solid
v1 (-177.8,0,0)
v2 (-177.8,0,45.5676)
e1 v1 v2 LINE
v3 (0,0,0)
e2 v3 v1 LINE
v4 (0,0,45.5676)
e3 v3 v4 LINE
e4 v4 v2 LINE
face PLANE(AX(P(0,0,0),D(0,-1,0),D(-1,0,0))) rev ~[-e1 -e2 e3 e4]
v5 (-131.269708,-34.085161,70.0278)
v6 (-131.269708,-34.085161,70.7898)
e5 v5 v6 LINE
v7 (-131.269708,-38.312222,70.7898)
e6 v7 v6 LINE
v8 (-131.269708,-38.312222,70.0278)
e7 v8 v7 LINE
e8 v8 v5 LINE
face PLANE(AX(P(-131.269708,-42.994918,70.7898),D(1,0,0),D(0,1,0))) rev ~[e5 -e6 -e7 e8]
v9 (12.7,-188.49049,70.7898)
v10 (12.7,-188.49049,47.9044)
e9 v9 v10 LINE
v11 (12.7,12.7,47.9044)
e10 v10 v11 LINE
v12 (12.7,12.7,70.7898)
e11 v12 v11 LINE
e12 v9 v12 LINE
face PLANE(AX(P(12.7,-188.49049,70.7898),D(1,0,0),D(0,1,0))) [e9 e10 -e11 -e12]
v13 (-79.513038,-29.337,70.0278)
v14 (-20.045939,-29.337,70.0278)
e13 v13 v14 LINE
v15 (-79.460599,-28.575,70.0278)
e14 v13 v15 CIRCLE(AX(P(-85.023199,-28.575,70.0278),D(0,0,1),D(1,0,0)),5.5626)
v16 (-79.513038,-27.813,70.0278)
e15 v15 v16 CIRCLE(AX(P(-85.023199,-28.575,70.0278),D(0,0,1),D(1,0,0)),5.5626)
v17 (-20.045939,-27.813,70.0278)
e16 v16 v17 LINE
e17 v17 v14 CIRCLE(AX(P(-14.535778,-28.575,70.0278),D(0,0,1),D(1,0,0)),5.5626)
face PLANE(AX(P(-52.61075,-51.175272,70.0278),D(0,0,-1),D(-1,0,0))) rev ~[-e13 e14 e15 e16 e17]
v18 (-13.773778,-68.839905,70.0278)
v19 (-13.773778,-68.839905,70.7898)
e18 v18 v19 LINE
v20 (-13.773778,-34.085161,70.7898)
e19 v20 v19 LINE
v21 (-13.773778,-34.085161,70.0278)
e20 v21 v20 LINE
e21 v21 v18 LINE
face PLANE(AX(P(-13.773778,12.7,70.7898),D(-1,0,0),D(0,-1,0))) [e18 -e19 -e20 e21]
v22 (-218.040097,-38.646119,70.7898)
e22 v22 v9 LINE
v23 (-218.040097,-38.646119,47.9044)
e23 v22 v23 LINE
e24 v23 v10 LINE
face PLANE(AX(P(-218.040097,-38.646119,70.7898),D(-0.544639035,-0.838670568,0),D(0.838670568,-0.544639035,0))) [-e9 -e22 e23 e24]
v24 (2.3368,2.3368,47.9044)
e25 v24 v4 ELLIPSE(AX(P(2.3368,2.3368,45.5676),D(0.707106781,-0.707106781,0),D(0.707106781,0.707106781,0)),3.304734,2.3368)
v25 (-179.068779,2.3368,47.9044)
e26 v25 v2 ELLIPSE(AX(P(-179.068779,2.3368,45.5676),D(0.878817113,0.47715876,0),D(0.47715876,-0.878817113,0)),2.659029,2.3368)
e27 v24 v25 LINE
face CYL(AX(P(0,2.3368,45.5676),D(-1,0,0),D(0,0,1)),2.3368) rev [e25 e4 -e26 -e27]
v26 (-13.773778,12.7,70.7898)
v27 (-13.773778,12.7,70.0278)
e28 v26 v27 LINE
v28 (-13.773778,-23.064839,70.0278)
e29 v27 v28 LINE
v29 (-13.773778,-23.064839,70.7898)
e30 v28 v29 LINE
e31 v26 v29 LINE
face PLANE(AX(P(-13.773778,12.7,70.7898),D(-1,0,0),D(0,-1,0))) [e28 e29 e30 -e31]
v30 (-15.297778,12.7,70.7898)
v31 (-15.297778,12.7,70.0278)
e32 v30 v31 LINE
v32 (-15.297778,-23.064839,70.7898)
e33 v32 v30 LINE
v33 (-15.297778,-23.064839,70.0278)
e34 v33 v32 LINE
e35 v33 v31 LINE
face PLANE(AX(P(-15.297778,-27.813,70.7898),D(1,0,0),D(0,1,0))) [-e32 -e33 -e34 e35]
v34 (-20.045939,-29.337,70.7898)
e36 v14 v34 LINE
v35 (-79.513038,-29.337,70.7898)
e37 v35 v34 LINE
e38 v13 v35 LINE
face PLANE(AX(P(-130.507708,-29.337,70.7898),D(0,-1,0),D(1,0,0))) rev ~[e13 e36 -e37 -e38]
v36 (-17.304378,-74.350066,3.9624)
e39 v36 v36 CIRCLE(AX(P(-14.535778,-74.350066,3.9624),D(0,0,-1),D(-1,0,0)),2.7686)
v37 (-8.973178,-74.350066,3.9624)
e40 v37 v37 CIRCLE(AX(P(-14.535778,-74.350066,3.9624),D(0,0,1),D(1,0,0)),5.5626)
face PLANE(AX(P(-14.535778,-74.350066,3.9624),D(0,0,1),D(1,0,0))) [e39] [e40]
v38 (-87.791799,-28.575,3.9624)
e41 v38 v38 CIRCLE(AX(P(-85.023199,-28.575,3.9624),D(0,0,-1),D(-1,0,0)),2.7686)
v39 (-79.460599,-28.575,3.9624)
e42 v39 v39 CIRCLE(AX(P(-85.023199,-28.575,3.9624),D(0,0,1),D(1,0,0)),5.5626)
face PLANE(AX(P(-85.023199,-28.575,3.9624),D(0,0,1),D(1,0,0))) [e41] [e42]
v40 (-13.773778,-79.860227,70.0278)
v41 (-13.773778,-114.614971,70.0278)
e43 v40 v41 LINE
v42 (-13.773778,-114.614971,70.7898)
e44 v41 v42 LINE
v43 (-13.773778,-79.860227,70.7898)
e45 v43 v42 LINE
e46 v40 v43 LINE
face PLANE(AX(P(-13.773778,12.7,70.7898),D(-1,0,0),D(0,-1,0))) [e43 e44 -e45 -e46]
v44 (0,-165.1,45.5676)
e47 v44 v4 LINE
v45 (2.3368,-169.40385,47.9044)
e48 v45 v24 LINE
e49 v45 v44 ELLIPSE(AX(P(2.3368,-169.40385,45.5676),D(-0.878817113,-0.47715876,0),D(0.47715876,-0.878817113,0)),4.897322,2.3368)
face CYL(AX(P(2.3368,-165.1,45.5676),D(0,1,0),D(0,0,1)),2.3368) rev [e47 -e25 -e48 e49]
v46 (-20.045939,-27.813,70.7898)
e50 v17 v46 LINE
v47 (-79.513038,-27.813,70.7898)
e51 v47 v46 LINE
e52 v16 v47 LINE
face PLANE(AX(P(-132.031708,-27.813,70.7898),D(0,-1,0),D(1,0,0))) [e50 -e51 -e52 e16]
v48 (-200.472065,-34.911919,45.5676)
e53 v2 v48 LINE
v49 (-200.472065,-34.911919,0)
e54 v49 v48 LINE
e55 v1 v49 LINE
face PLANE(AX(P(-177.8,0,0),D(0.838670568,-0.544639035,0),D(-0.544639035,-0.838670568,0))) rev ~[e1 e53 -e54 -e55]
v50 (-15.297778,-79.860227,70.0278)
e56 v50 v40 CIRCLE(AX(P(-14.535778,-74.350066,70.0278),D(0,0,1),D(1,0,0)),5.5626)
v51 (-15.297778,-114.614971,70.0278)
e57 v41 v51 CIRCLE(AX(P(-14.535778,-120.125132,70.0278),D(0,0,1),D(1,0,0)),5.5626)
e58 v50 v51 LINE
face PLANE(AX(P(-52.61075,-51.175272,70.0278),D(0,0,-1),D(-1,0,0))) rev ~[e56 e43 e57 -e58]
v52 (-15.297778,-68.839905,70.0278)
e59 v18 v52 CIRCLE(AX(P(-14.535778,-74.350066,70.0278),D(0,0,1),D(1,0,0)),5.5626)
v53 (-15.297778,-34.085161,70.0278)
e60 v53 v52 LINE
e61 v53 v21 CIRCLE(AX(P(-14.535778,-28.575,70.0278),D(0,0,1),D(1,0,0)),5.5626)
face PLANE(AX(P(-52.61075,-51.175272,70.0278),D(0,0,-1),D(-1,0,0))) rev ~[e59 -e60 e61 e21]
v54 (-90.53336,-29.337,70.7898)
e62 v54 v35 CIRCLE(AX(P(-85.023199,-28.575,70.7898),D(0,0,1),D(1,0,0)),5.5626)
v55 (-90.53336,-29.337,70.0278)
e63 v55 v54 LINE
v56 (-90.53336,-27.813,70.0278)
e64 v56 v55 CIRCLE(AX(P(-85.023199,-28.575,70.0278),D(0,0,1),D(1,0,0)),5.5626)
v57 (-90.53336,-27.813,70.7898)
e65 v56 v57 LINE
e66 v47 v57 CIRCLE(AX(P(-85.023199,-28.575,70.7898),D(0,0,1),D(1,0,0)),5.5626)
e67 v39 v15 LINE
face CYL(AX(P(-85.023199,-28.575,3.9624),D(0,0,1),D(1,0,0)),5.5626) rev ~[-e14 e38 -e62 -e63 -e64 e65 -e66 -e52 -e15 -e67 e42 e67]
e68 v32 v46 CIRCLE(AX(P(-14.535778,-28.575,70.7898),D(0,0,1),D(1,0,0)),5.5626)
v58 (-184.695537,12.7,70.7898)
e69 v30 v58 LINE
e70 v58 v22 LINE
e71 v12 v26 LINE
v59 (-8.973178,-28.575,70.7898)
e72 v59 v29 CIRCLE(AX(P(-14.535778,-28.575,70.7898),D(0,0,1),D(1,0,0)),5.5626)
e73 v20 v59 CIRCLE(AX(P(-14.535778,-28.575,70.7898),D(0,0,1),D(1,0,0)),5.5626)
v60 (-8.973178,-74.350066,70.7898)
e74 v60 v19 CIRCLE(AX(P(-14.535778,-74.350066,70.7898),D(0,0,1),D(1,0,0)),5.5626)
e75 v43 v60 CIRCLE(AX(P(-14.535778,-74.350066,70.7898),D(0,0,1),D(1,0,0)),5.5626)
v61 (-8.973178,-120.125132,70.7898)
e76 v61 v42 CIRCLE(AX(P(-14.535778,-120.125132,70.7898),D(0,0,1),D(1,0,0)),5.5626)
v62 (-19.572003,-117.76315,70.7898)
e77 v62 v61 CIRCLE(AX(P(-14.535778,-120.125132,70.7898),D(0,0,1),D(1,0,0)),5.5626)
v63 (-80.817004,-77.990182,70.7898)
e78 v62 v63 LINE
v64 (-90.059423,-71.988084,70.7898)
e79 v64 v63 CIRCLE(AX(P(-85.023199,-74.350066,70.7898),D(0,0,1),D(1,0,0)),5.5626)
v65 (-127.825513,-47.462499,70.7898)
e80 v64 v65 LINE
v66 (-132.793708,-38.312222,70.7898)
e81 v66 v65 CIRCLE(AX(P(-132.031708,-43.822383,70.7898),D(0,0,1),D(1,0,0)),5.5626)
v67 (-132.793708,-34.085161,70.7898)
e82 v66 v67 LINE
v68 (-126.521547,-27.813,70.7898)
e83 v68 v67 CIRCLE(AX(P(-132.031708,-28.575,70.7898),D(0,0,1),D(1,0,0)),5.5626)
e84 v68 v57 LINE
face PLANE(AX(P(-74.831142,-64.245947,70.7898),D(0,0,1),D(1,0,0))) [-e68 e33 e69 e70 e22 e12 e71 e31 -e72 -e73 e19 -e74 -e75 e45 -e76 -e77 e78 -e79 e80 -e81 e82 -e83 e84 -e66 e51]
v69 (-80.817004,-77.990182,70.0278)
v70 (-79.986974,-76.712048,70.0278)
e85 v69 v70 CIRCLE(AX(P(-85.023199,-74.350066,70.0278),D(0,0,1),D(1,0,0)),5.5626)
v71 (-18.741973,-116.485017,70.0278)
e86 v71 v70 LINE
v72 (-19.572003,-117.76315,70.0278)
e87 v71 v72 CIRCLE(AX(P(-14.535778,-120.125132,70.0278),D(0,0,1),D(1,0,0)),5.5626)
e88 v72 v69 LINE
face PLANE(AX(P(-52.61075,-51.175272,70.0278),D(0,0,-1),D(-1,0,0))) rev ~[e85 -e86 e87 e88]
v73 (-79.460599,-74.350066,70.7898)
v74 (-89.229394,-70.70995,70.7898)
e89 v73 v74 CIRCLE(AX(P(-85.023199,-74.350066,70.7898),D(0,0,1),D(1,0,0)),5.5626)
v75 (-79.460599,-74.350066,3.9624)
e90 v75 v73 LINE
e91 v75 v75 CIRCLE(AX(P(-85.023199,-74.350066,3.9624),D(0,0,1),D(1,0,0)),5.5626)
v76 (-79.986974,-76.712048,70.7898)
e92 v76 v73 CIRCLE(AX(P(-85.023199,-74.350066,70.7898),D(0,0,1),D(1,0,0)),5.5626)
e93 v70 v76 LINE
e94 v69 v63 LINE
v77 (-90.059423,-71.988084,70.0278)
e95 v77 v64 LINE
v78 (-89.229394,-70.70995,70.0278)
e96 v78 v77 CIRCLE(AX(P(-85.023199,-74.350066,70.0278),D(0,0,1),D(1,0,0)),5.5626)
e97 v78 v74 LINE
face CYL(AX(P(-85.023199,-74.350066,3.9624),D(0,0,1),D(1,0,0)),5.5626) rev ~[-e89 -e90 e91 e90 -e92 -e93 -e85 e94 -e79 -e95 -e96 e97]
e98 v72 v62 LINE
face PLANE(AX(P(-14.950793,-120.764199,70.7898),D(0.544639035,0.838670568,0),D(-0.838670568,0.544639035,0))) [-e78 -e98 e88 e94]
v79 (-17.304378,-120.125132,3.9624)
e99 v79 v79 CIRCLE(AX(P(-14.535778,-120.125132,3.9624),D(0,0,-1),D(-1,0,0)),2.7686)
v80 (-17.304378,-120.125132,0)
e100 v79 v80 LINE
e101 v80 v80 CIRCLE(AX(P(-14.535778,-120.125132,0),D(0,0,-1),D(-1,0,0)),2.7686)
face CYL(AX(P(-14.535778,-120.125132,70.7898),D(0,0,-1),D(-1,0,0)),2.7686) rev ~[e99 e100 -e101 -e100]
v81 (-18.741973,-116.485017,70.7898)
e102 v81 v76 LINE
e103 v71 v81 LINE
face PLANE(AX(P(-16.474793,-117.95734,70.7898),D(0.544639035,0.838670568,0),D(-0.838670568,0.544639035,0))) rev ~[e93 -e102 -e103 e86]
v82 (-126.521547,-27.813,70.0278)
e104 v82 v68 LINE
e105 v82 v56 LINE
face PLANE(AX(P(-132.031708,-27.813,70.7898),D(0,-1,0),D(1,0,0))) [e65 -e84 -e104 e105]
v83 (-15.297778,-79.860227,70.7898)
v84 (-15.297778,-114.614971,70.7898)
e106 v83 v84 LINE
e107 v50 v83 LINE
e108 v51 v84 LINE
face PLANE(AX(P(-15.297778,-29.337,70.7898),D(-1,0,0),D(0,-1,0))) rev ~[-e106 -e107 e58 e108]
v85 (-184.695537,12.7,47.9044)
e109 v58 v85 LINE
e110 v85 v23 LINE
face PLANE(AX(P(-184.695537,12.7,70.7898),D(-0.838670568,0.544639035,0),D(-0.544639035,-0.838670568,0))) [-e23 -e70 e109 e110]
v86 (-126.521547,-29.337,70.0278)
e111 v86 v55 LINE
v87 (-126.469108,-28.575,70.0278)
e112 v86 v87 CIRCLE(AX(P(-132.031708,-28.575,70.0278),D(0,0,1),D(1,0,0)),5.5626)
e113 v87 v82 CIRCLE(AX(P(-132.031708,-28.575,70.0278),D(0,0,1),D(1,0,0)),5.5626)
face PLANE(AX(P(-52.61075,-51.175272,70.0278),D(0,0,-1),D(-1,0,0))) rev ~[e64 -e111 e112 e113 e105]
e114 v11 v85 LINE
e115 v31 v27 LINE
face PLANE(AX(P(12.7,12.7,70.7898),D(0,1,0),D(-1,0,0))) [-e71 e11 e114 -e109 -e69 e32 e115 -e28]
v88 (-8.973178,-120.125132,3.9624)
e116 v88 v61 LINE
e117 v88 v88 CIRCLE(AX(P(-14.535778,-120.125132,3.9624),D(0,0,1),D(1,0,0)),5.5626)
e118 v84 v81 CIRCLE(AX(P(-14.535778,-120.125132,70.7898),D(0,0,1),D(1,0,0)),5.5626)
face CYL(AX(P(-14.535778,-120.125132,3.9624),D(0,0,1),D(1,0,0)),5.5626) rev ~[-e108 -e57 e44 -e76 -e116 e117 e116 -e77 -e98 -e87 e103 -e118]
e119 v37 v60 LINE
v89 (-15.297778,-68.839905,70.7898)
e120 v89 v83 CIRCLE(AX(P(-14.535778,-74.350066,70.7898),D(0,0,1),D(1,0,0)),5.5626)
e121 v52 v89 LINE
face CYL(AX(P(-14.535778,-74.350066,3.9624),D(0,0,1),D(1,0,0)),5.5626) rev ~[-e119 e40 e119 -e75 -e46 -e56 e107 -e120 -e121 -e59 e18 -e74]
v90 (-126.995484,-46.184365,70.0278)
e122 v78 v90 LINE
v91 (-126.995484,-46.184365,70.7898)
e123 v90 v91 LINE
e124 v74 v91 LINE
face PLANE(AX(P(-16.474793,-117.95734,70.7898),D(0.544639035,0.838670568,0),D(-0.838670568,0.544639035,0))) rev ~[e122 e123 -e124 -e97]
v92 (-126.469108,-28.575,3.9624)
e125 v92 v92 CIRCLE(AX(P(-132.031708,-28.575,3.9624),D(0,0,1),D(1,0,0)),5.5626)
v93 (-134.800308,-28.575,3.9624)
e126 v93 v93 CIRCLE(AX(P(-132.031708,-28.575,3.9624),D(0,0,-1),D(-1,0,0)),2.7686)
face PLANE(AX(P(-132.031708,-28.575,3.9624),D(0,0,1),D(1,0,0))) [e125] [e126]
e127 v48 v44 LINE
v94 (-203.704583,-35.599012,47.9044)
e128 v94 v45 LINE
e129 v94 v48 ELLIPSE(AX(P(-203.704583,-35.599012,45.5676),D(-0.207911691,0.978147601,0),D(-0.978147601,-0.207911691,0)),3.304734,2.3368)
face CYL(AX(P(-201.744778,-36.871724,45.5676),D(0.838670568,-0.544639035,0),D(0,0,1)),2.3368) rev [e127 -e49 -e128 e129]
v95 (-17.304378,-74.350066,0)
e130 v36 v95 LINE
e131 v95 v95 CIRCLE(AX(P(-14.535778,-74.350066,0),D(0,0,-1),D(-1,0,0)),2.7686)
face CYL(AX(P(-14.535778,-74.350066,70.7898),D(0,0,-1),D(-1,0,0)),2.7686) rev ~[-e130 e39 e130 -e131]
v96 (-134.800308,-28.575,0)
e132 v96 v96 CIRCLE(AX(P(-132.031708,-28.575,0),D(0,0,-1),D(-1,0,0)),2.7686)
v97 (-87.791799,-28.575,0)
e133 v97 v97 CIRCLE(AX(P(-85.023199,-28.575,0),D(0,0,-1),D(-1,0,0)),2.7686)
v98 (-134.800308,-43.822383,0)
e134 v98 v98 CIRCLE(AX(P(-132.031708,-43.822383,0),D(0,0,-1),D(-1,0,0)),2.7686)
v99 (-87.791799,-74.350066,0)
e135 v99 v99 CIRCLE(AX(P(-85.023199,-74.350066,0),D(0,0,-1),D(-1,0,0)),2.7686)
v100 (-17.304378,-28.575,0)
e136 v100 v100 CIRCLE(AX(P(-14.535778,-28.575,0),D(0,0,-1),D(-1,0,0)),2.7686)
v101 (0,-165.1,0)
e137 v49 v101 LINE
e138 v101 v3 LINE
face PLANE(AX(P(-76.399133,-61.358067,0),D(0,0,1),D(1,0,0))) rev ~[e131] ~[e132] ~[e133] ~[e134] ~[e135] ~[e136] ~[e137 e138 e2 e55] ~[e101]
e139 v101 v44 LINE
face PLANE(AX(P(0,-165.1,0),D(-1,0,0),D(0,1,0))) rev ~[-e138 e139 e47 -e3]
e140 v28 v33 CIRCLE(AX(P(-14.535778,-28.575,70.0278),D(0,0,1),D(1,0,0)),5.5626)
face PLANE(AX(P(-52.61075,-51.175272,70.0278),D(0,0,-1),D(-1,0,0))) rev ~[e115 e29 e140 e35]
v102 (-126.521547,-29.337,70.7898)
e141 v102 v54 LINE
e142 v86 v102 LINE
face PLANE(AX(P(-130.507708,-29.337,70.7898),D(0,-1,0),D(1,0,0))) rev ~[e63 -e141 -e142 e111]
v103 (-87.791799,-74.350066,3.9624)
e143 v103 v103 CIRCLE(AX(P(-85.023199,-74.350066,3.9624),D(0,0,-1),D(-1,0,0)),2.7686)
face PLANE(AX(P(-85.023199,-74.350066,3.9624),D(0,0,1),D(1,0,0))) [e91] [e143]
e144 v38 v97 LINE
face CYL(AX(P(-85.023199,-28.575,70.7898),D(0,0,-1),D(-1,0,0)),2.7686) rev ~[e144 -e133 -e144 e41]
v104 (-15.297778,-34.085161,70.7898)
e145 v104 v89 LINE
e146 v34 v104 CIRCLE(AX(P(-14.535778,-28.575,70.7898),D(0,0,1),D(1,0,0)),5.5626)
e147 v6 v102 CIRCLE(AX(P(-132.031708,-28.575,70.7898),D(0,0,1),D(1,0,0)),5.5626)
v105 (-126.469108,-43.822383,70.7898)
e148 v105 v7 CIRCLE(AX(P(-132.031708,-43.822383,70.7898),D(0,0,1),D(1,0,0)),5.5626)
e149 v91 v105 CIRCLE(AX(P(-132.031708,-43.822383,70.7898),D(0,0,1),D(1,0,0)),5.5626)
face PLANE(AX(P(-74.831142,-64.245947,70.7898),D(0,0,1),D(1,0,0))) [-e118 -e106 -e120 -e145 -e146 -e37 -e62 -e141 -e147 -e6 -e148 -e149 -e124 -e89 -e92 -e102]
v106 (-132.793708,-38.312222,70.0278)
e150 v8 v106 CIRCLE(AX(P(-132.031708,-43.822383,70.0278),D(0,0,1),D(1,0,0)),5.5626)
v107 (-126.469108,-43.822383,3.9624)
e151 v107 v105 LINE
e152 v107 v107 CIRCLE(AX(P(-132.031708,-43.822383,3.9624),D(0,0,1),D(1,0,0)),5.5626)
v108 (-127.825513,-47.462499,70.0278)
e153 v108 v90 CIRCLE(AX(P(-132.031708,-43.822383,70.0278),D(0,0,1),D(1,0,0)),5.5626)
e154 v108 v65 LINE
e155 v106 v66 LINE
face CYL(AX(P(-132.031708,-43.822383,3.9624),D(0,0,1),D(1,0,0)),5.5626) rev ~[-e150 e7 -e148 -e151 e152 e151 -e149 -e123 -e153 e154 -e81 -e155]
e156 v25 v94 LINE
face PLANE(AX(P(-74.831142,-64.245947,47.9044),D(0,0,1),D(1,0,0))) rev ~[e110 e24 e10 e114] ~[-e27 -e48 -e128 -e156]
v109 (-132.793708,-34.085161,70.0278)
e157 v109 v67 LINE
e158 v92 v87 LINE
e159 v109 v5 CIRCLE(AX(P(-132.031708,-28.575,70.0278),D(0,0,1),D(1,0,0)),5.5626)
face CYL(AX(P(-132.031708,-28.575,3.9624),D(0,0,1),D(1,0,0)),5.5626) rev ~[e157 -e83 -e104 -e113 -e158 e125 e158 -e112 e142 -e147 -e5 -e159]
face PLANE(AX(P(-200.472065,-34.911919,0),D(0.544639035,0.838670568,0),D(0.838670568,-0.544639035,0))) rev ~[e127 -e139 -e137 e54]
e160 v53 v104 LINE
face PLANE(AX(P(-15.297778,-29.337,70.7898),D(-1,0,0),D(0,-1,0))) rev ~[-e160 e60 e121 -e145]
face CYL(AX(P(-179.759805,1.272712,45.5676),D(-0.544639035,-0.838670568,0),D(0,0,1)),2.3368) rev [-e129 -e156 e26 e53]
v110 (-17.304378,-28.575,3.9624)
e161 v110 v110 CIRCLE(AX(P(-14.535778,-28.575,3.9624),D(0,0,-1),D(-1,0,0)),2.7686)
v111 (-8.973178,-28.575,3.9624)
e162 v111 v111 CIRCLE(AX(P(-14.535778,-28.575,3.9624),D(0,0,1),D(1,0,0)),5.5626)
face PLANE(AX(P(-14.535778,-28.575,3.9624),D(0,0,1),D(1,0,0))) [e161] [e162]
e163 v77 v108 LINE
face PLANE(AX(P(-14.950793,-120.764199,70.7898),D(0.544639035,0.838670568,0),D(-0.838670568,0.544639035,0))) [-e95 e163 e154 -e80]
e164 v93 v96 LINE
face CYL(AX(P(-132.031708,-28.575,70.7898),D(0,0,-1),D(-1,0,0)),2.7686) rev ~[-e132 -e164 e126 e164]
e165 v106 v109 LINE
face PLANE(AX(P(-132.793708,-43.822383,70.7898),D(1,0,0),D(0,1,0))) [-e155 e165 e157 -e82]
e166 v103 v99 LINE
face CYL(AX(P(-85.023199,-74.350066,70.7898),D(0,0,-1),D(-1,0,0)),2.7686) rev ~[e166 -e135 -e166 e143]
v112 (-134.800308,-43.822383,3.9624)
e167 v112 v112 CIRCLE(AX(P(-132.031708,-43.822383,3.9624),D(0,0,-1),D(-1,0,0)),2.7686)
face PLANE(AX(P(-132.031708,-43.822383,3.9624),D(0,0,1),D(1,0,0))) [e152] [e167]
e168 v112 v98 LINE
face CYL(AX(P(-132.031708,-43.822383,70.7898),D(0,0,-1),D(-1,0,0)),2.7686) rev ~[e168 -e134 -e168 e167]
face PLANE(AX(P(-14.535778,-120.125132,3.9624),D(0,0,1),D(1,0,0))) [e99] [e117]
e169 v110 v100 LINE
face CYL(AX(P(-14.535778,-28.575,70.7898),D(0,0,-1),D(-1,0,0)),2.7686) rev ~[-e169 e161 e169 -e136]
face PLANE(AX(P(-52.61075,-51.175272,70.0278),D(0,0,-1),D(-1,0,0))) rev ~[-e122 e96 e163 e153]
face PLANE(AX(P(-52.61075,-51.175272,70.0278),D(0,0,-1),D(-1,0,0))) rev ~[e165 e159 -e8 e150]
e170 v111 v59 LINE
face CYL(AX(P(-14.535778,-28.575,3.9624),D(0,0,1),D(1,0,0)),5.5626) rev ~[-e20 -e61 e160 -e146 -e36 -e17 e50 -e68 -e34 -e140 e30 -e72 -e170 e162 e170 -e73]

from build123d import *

# Parameters (mm, degrees)
BOSS_EXTRUDE1_DEPTH                             = 70.7898
CBORE_FOR_10_SOCKET_HEAD_CAP_SCREW1_D           = 5.5372
CBORE_FOR_10_SOCKET_HEAD_CAP_SCREW1_CBORE_D     = 11.1252
CBORE_FOR_10_SOCKET_HEAD_CAP_SCREW1_CBORE_DEPTH = 66.8274
BOSS_EXTRUDE2_DEPTH                             = 22.8854
FILLET2_R                                       = 2.3368
CUT_EXTRUDE1_DEPTH                              = 0.762


with BuildPart() as part:
    # Sketch1 → Boss-Extrude1 (new body)
    with BuildSketch(Plane.XY):
        Polygon((-177.8, 0), (-200.472065098, -34.911918701), (0, -165.1), (0, 0), align=None)
    extrude(amount=BOSS_EXTRUDE1_DEPTH)

    # CBORE for #10 Socket Head Cap Screw1 (through all)
    with Locations(Plane.XY.offset(70.7898)):
        with Locations((-132.031708342, -28.575), (-14.535778015, -28.575), (-14.535778015, -74.350066155), (-14.535778015, -120.125132311), (-85.023198604, -74.350066155), (-85.023198604, -28.575), (-132.031708342, -43.822382986)):
            CounterBoreHole(CBORE_FOR_10_SOCKET_HEAD_CAP_SCREW1_D / 2, CBORE_FOR_10_SOCKET_HEAD_CAP_SCREW1_CBORE_D / 2, CBORE_FOR_10_SOCKET_HEAD_CAP_SCREW1_CBORE_DEPTH)

    # Sketch13 → Boss-Extrude2 (add)
    with BuildSketch(Plane.XY.offset(70.7898)):
        Polygon((12.7, 12.7), (-184.695537385, 12.7), (-218.040097055, -38.64611917), (12.7, -188.490490253), align=None)
        Polygon((0, -165.1), (0, 0), (-177.8, 0), (-200.472065098, -34.911918701), align=None, mode=Mode.SUBTRACT)
    extrude(amount=-BOSS_EXTRUDE2_DEPTH)

    # Fillet2
    fillet2_edges = [part.edges().sort_by_distance(p)[0] for p in [
        (-189.136032549, -17.455959351, 47.9044),
        (-100.236032549, -100.005959351, 47.9044),
        (0, -82.55, 47.9044),
        (-88.9, 0, 47.9044),
    ]]
    fillet(fillet2_edges, radius=FILLET2_R)

    # Sketch14 → Cut-Extrude1 (cut)
    with BuildSketch(Plane.XY.offset(70.7898)):
        with BuildLine():
            Line((-14.950792959, -120.764199283), (-132.446723286, -44.461449959))
            ThreePointArc((-132.446723286, -44.461449959), (-132.701366981, -44.185977962), (-132.793708342, -43.822382986))
            Line((-132.793708342, -43.822382986), (-132.793708342, -28.575))
            ThreePointArc((-132.793708342, -28.575), (-132.570523709, -28.036184633), (-132.031708342, -27.813))
            Line((-132.031708342, -27.813), (-15.297778015, -27.813))
            Line((-15.297778015, -27.813), (-15.297778015, 12.7))
            Line((-15.297778015, 12.7), (-13.773778015, 12.7))
            Line((-13.773778015, 12.7), (-13.773778015, -120.125132311))
            ThreePointArc((-13.773778015, -120.125132311), (-14.172183039, -120.79479095), (-14.950792959, -120.764199283))
        make_face()
        with BuildLine():
            Line((-16.474792959, -117.957340453), (-130.922723286, -43.633985473))
            ThreePointArc((-130.922723286, -43.633985473), (-131.177366981, -43.358513475), (-131.269708342, -42.9949185))
            Line((-131.269708342, -42.9949185), (-131.269708342, -30.099))
            ThreePointArc((-131.269708342, -30.099), (-131.046523709, -29.560184633), (-130.507708342, -29.337))
            Line((-130.507708342, -29.337), (-15.297778015, -29.337))
            Line((-15.297778015, -29.337), (-15.297778015, -117.31827348))
            ThreePointArc((-15.297778015, -117.31827348), (-15.696183039, -117.98793212), (-16.474792959, -117.957340453))
        make_face(mode=Mode.SUBTRACT)
    extrude(amount=-CUT_EXTRUDE1_DEPTH, mode=Mode.SUBTRACT)


solid = part.part
